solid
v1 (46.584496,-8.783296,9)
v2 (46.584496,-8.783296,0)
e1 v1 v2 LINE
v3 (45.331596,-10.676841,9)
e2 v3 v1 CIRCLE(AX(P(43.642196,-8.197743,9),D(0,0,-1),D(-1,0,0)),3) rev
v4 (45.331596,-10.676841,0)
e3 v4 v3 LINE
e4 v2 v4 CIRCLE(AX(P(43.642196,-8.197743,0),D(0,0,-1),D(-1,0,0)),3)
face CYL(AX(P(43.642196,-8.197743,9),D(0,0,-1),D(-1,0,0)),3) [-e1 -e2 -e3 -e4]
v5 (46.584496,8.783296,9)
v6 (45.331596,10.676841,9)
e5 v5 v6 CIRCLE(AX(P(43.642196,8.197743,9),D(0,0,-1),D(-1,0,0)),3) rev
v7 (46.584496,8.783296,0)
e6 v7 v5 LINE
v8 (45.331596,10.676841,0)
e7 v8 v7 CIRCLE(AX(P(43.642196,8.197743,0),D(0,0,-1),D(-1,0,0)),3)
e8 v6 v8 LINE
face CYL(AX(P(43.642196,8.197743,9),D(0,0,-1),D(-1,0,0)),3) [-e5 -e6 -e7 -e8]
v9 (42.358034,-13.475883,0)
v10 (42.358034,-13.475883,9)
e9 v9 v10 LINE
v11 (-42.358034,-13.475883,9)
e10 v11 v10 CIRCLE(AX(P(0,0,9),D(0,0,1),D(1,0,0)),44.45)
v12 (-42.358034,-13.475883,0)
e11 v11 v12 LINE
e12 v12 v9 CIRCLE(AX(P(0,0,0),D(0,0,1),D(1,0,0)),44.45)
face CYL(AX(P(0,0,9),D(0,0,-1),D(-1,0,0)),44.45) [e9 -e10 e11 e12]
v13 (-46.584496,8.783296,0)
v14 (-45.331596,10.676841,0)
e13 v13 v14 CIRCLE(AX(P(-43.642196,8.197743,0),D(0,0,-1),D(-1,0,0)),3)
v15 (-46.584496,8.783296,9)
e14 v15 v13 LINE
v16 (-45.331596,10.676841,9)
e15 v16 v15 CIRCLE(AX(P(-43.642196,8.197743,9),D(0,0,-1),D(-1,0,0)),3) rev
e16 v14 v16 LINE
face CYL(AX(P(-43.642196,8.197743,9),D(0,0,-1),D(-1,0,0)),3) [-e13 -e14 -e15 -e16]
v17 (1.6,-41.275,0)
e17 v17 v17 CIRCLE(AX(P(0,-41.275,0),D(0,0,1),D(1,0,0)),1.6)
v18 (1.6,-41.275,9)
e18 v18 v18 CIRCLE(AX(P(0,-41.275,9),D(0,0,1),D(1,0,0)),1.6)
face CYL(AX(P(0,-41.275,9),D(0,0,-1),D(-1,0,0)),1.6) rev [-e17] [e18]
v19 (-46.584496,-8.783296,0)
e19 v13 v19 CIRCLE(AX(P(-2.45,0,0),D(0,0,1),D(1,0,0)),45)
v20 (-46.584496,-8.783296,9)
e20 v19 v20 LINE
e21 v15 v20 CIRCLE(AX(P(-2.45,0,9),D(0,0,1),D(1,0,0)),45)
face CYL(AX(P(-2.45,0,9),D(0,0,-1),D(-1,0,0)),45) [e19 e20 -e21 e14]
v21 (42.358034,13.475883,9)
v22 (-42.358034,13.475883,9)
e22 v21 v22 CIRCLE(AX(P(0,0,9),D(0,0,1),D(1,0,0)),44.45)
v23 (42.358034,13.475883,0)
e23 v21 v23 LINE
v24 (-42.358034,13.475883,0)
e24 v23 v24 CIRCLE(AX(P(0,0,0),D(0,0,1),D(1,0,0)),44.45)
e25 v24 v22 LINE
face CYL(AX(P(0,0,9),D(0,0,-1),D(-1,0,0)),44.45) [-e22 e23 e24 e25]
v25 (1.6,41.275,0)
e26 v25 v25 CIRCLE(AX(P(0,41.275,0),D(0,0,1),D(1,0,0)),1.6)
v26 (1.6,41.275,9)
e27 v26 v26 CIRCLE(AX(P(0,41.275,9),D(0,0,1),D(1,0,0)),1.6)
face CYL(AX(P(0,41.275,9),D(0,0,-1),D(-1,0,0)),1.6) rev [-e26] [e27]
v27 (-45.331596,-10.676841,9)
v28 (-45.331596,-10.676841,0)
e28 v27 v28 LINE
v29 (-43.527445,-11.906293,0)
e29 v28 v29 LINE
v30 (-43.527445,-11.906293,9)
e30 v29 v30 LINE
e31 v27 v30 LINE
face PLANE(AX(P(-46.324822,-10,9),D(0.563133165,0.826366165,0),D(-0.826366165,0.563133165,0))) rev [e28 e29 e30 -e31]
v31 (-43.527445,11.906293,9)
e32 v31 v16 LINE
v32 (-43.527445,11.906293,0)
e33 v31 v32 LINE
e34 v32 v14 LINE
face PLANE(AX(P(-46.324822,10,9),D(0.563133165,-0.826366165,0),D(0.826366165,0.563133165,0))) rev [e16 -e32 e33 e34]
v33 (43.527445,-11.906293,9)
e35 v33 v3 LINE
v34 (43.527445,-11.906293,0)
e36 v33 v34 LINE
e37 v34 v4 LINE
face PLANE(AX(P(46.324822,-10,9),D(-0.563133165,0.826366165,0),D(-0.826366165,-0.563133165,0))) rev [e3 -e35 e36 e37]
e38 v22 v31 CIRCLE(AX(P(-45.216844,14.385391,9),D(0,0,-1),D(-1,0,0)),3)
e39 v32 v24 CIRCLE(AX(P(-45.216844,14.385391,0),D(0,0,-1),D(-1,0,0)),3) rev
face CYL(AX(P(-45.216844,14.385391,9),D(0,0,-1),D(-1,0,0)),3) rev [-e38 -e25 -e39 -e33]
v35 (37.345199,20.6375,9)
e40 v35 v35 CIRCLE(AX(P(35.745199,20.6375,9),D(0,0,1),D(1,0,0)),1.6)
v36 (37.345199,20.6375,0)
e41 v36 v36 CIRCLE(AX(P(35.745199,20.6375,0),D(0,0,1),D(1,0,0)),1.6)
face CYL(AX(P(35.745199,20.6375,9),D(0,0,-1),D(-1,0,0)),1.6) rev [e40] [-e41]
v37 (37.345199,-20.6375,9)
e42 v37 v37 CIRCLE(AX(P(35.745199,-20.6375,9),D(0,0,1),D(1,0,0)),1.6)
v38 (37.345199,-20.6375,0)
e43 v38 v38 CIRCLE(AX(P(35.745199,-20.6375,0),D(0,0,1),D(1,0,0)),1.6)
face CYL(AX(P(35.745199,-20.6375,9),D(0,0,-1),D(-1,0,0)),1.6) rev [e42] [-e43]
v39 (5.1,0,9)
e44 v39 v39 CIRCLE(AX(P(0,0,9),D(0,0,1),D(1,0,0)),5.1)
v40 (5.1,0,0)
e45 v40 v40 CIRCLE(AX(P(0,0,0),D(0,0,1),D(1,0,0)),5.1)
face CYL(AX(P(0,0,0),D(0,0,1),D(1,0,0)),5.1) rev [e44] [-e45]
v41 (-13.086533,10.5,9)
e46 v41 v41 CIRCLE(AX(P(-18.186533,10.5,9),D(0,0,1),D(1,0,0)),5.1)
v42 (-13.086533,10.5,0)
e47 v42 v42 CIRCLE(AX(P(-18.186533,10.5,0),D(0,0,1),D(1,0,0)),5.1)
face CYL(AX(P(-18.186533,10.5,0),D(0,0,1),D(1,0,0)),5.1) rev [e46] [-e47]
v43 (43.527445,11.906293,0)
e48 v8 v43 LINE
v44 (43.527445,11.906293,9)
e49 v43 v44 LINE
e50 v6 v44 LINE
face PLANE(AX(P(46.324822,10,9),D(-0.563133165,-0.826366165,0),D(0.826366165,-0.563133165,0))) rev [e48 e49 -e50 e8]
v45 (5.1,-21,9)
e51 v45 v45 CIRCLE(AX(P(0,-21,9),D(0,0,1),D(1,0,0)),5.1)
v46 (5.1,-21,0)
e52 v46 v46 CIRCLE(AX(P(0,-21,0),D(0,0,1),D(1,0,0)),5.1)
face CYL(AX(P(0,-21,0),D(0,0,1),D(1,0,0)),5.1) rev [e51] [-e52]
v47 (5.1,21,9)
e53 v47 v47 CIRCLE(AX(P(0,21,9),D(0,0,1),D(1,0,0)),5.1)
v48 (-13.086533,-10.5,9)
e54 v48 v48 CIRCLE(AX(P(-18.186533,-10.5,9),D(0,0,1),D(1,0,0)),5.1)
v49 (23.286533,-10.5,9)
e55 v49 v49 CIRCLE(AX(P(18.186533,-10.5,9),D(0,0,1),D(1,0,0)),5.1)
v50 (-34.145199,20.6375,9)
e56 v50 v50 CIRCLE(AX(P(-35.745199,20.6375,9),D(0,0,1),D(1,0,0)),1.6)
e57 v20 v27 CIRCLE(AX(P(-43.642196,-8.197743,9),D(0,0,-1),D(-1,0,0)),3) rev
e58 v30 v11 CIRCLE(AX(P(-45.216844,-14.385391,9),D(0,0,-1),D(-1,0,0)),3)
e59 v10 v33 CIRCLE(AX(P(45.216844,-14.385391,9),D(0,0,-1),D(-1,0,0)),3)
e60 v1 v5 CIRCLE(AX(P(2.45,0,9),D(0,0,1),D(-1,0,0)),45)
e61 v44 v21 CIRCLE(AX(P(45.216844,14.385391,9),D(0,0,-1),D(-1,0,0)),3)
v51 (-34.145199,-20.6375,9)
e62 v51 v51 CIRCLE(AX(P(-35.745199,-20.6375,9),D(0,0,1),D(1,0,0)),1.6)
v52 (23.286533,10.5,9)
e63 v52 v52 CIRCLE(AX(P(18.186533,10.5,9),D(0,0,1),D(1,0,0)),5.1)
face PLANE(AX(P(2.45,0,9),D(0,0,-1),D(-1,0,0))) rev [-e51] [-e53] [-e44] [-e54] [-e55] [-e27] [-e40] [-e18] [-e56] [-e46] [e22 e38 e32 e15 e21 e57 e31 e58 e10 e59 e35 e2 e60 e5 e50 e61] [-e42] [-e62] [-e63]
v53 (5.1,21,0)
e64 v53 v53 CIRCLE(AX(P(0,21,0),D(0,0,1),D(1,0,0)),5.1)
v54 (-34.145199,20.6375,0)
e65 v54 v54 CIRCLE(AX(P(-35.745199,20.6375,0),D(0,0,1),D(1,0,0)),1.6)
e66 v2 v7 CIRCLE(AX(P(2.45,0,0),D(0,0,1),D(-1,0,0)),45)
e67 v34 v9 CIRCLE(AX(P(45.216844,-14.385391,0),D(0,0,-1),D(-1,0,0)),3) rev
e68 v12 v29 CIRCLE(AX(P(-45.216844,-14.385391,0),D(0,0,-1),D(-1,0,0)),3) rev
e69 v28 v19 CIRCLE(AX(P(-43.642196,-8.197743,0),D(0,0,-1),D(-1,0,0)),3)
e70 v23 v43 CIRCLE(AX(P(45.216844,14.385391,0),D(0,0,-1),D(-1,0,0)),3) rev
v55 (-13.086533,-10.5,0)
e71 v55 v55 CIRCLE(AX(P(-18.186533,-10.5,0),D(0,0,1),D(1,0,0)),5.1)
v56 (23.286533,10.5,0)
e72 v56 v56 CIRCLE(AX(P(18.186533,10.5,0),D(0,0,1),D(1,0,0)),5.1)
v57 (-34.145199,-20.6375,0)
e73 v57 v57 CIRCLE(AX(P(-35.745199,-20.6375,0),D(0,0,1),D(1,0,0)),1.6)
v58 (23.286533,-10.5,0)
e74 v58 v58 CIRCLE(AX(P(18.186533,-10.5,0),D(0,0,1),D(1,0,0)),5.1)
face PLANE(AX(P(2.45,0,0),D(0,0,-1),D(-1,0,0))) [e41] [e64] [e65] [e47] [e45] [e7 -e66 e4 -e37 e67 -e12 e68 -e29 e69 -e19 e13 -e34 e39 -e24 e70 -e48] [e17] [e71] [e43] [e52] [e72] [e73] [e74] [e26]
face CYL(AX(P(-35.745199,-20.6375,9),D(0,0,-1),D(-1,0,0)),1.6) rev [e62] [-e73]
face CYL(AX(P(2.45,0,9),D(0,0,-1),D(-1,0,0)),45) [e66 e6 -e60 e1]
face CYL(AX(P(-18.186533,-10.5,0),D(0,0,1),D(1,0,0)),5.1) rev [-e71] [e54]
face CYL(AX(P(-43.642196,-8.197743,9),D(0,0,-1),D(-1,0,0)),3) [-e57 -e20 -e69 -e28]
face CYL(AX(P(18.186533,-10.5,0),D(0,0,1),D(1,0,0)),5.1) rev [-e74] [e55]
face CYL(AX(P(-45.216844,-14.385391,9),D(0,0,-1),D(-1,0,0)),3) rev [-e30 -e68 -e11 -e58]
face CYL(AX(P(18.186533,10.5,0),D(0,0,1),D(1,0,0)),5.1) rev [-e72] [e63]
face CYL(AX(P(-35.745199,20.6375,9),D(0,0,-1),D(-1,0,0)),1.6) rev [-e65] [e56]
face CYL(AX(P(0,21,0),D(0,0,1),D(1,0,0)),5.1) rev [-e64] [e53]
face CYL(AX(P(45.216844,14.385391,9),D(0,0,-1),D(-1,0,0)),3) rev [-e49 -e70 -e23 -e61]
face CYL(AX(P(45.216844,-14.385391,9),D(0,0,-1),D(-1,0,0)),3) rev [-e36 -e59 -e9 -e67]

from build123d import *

# Parameters (mm, degrees)
SKETCH1_R           = 1.6
BOSS_EXTRUDE1_DEPTH = 9
FILLET1_R           = 3
SKETCH2_R           = 5.1
CUT_EXTRUDE1_DEPTH  = 10


with BuildPart() as part:
    # Sketch1 → Boss-Extrude1 (new body)
    with BuildSketch(Plane.XY):
        with BuildLine():
            Line((-46.324821937, 10), (-42.656212912, 12.5))
            ThreePointArc((-42.656212912, 12.5), (0, 44.45), (42.656212912, 12.5))
            Line((42.656212912, 12.5), (46.324821937, 10))
            ThreePointArc((46.324821937, 10), (47.45, 0), (46.324821937, -10))
            Line((46.324821937, -10), (42.656212912, -12.5))
            ThreePointArc((42.656212912, -12.5), (0, -44.45), (-42.656212912, -12.5))
            Line((-42.656212912, -12.5), (-46.324821937, -10))
            ThreePointArc((-46.324821937, -10), (-47.45, 0), (-46.324821937, 10))
        make_face()
        with Locations((0, 41.275)):
            Circle(SKETCH1_R, mode=Mode.SUBTRACT)
        with Locations((35.745198541, 20.6375)):
            Circle(SKETCH1_R, mode=Mode.SUBTRACT)
        with Locations((35.745198541, -20.6375)):
            Circle(SKETCH1_R, mode=Mode.SUBTRACT)
        with Locations((0, -41.275)):
            Circle(SKETCH1_R, mode=Mode.SUBTRACT)
        with Locations((-35.745198541, -20.6375)):
            Circle(SKETCH1_R, mode=Mode.SUBTRACT)
        with Locations((-35.745198541, 20.6375)):
            Circle(SKETCH1_R, mode=Mode.SUBTRACT)
    extrude(amount=BOSS_EXTRUDE1_DEPTH)

    # Fillet1
    fillet1_edges = [part.edges().sort_by_distance(p)[0] for p in [
        (46.324821937, -10, 4.5),
        (42.656212912, -12.5, 4.5),
        (-42.656212912, -12.5, 4.5),
        (-46.324821937, -10, 4.5),
        (-46.324821937, 10, 4.5),
        (-42.656212912, 12.5, 4.5),
        (42.656212912, 12.5, 4.5),
        (46.324821937, 10, 4.5),
    ]]
    fillet(fillet1_edges, radius=FILLET1_R)

    # Sketch2 → Cut-Extrude1 (cut, through all)
    with BuildSketch(Plane.XY.offset(9)):
        with Locations((0, 21)):
            Circle(SKETCH2_R)
        with Locations((18.186533479, 10.5)):
            Circle(SKETCH2_R)
        with Locations((18.186533479, -10.5)):
            Circle(SKETCH2_R)
        with Locations((0, -21)):
            Circle(SKETCH2_R)
        with Locations((-18.186533479, -10.5)):
            Circle(SKETCH2_R)
        with Locations((-18.186533479, 10.5)):
            Circle(SKETCH2_R)
        Circle(SKETCH2_R)
    extrude(amount=-CUT_EXTRUDE1_DEPTH, mode=Mode.SUBTRACT)


solid = part.part
